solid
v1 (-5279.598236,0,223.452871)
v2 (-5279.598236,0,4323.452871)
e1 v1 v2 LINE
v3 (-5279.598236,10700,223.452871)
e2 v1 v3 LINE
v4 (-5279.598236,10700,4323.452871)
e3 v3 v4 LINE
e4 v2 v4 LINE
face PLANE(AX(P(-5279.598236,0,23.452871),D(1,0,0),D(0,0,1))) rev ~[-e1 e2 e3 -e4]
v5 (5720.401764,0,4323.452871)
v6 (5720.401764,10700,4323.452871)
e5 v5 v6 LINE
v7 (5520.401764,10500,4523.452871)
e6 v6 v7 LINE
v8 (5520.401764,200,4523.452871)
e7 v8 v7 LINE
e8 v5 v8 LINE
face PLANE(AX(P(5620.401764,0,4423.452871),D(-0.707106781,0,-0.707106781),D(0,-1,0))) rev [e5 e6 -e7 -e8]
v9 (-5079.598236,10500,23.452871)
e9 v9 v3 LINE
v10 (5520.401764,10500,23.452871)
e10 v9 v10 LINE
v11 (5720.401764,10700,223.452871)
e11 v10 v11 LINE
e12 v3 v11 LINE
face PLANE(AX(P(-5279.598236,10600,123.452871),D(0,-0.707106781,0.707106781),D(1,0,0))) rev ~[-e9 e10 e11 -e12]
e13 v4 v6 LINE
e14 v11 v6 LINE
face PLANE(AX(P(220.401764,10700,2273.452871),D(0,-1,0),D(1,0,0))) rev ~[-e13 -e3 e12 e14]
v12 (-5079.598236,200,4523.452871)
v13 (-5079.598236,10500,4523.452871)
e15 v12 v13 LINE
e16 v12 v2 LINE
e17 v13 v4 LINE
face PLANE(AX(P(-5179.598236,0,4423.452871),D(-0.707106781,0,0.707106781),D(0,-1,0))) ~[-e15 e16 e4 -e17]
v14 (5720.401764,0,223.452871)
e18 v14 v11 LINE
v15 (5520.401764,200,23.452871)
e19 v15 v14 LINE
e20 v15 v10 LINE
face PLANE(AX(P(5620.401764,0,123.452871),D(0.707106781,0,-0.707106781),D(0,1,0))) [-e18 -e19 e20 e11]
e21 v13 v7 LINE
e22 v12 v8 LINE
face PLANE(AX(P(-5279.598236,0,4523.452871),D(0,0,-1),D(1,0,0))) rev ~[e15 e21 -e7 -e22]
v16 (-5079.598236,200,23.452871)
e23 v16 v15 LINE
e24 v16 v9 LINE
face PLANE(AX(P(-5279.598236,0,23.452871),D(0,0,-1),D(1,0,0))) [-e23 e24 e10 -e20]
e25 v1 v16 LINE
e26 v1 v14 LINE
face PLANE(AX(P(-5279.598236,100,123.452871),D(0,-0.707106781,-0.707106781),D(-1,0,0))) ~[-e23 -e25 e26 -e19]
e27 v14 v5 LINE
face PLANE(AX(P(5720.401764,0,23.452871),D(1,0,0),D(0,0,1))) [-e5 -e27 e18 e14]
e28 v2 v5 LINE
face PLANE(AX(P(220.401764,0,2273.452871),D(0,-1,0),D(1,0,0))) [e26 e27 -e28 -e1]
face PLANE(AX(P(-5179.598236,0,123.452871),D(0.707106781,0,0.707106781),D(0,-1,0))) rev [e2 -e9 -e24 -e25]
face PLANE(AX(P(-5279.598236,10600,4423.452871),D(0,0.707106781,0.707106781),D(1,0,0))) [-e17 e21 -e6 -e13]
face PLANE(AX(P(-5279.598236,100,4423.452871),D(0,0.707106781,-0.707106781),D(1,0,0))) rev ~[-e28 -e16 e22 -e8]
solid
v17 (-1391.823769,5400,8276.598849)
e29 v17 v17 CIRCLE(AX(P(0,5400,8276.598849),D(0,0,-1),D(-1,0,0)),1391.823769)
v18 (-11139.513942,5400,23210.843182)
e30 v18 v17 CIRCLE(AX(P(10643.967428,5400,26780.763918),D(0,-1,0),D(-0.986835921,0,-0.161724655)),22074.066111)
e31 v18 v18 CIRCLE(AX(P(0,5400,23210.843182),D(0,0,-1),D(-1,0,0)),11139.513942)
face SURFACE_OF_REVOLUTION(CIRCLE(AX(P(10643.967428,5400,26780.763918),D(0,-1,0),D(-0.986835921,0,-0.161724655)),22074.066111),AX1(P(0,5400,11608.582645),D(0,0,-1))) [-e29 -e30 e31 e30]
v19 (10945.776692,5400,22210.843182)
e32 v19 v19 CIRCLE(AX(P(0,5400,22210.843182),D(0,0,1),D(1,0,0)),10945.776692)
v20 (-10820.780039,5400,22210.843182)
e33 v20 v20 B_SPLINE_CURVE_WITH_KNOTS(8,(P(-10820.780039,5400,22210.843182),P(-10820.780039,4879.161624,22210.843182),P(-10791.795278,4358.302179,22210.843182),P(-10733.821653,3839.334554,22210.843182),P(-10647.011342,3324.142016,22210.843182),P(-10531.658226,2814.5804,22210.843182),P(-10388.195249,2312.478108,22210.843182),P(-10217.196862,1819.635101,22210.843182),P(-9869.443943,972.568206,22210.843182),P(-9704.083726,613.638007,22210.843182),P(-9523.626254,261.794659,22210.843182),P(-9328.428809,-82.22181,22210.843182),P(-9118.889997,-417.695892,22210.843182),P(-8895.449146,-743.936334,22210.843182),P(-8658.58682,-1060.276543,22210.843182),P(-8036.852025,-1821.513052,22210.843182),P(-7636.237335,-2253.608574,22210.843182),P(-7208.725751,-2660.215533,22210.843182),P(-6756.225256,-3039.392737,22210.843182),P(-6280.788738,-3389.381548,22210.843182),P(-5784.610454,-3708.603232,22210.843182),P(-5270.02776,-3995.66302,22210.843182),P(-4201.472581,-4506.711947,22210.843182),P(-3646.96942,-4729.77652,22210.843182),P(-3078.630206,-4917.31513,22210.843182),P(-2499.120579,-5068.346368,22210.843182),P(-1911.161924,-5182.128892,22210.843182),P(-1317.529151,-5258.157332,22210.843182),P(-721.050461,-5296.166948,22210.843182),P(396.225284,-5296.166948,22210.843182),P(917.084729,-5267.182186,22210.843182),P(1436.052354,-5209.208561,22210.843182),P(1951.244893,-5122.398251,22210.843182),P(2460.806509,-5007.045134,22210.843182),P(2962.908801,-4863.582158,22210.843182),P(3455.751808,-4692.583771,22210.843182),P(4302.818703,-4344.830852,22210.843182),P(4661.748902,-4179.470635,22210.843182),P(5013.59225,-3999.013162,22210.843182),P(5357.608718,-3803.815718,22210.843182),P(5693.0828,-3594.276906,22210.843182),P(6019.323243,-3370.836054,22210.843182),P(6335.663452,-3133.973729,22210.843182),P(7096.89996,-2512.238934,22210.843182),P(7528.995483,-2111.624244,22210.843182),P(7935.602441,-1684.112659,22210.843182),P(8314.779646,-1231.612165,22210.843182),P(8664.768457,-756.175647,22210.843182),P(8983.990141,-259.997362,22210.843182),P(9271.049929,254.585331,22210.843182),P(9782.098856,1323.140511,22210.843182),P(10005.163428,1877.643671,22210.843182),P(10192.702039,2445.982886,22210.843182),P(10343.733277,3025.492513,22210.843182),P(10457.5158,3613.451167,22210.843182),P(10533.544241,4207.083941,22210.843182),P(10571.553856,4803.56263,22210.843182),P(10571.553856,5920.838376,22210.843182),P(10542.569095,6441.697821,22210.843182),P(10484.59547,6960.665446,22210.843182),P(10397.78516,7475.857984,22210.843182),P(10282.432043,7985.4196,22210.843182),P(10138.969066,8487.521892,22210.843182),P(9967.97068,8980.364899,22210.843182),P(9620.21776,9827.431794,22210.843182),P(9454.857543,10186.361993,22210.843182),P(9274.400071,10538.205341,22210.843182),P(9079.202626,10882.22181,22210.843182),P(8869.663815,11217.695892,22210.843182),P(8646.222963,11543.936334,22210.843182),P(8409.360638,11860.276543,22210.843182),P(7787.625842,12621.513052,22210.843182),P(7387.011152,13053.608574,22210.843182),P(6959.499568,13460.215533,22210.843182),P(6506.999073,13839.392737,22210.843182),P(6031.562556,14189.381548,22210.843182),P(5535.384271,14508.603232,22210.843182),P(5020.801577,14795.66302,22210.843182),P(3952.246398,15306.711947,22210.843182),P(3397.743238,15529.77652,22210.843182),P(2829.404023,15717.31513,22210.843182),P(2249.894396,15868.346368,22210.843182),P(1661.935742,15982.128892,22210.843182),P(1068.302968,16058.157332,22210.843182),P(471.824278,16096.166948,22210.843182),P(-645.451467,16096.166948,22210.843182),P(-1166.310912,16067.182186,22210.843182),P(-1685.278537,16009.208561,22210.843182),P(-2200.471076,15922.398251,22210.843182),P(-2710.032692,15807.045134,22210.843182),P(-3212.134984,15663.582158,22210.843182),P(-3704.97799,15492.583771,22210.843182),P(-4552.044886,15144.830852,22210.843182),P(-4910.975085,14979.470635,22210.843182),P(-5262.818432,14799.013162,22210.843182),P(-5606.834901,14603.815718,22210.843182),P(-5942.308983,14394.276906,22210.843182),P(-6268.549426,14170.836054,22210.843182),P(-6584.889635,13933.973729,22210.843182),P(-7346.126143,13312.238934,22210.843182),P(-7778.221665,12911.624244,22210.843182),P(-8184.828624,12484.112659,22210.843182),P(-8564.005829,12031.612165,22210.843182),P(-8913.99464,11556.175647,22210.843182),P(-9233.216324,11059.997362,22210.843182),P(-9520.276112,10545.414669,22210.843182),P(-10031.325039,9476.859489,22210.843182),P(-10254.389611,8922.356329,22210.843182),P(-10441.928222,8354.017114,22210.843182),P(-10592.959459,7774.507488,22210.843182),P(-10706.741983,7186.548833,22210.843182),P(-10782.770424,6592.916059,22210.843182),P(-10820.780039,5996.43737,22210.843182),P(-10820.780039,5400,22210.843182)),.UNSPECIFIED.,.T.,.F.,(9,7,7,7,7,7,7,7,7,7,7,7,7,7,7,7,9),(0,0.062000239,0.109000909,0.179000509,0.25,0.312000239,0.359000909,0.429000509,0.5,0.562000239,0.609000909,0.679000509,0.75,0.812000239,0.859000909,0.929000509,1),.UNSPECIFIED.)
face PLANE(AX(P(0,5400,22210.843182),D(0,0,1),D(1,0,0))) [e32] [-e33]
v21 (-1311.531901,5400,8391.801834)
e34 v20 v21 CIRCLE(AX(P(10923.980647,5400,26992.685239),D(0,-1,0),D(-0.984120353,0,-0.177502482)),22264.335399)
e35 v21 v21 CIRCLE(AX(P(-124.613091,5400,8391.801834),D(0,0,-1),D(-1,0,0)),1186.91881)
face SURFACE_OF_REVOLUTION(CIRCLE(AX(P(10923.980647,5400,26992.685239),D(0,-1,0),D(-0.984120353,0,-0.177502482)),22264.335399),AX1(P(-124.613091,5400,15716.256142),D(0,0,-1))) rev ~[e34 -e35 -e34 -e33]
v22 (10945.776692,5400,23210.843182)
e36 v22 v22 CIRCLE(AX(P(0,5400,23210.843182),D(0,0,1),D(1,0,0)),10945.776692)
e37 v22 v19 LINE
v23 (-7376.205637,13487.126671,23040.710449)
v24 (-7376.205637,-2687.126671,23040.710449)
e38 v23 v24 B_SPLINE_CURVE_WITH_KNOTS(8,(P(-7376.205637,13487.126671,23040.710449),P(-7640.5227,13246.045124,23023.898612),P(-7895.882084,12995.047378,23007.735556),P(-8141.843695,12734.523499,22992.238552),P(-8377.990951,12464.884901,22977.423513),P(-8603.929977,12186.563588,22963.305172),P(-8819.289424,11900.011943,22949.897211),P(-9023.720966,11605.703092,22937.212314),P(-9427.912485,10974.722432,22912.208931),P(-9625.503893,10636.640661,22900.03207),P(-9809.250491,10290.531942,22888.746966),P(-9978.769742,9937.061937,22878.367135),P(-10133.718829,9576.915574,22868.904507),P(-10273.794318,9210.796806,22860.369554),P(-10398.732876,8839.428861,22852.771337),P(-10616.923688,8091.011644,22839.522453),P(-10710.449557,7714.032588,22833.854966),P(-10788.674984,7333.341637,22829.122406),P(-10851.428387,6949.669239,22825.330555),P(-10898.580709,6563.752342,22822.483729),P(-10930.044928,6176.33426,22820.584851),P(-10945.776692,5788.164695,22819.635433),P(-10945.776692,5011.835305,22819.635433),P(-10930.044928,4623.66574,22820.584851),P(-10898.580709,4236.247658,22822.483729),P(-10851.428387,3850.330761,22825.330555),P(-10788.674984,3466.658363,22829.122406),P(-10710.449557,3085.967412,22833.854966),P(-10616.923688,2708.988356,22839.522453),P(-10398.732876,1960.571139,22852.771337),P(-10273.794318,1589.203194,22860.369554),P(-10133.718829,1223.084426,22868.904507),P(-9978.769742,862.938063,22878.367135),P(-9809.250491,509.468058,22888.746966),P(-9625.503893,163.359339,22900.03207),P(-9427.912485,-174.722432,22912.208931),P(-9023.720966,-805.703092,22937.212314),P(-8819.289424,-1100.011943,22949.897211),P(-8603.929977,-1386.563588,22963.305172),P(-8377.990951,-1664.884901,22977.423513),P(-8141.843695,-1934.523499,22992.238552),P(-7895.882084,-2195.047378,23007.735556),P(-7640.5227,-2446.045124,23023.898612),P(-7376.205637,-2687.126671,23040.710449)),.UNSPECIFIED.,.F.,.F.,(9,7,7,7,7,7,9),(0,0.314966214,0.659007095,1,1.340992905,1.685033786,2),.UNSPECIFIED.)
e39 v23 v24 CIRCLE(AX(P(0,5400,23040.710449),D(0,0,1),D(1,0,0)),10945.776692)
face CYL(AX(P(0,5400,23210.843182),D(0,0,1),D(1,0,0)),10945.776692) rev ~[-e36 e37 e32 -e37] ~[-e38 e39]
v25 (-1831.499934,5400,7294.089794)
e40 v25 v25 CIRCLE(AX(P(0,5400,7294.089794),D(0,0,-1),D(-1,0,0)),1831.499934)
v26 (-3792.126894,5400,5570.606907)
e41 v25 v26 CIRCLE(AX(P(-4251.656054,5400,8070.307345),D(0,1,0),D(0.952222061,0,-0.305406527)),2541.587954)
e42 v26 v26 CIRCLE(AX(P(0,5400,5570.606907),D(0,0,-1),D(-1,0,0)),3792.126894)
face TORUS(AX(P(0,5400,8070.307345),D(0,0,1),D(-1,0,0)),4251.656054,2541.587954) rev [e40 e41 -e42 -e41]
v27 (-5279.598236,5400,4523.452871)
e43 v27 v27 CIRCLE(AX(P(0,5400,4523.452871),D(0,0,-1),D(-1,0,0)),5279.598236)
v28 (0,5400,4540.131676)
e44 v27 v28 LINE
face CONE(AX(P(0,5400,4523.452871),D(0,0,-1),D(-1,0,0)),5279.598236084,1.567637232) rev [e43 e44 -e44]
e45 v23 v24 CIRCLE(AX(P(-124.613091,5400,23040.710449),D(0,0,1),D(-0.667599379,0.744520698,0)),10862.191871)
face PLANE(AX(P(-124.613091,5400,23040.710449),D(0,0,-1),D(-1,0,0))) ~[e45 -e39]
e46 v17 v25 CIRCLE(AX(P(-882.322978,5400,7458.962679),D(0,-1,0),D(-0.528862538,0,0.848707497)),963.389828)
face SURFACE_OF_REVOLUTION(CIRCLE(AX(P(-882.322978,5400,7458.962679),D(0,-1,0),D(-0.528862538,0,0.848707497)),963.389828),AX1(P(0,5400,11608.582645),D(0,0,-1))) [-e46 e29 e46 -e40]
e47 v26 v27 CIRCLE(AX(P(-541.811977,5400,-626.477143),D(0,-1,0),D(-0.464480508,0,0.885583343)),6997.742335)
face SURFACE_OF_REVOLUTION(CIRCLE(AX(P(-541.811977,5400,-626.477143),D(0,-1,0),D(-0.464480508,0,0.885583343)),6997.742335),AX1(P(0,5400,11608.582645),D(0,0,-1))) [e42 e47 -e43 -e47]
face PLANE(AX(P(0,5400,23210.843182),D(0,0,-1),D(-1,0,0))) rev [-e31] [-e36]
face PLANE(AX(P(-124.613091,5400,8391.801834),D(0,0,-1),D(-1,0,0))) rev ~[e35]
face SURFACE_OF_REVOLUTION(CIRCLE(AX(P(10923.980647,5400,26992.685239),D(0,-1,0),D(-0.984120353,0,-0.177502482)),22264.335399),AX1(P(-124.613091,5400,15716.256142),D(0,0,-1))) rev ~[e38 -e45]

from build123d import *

# Parameters (mm, degrees)
F0_W     = 11000
F0_H     = 4500
F1_DEPTH = 10700
F7_R     = 10945.7766919198
F8_DEPTH = 1000
F9_SIZE  = 200
F10_SIZE = 200


with BuildPart() as f1:
    # F0 (on Front) → F1 (new body)
    with BuildSketch(Plane.XZ):
        with Locations((220.401763916, 2273.4528705478)):
            Rectangle(F0_W, F0_H)
    extrude(amount=-F1_DEPTH)

    # F9
    f9_edges = [f1.edges().sort_by_distance(p)[0] for p in [
        (5720.401764, 5350, 4523.452871),
        (220.401764, 0, 4523.452871),
        (220.401764, 10700, 4523.452871),
        (-5279.598236, 5350, 4523.452871),
    ]]
    chamfer(f9_edges, length=F9_SIZE)

    # F10
    f10_edges = [f1.edges().sort_by_distance(p)[0] for p in [
        (5720.401764, 5350, 23.452871),
        (220.401764, 10700, 23.452871),
        (-5279.598236, 5350, 23.452871),
        (220.401764, 0, 23.452871),
    ]]
    chamfer(f10_edges, length=F10_SIZE)


with BuildPart() as f4:
    # F3 (on offset) → F4 (revolve)
    with BuildSketch(Plane.XZ.offset(-5400)):
        with BuildLine():
            Line((0, 23210.8431816101), (-11139.5139415628, 23210.8431816101))
            ThreePointArc((-11139.5139415628, 23210.8431816101), (-7840.9916650951, 14715.4963302233), (-1391.8237686157, 8276.5988487641))
            ThreePointArc((-1391.8237686157, 8276.5988487641), (-695.9118843079, 8189.8528057998), (0, 8276.5988487641))
            Line((0, 8276.5988487641), (0, 23210.8431816101))
        make_face()
        with BuildLine():
            ThreePointArc((0, 8276.5988487641), (-695.9118843079, 8189.8528057998), (-1391.8237686157, 8276.5988487641))
            ThreePointArc((-1391.8237686157, 8276.5988487641), (-1761.6785391899, 7852.4773028307), (-1831.4999341965, 7294.0897941589))
            ThreePointArc((-1831.4999341965, 7294.0897941589), (-2573.6378349626, 6161.4008029566), (-3792.1268939972, 5570.6069069509))
            ThreePointArc((-3792.1268939972, 5570.6069069509), (-4570.0340406157, 5095.5701119331), (-5279.598236084, 4523.4528705478))
            Line((-5279.598236084, 4523.4528705478), (0, 4540.1316756694))
            Line((0, 4540.1316756695), (0, 8276.5988487641))
        make_face()
    revolve(axis=Axis((0, 5400, 11608.5826453753), (0, 0, -1)))

    # F5 (on offset) → F6 (revolve, cut)
    with BuildSketch(Plane.XZ.offset(-5400)):
        with BuildLine():
            Line((-1311.5319013596, 8391.8018341064), (-124.6130913496, 8391.8018341064))
            Line((-124.6130913496, 8391.8018341064), (-124.6130913496, 23040.7104492188))
            Line((-124.6130913496, 23040.7104492188), (-10986.8049621582, 23040.7104492188))
            ThreePointArc((-10986.8049621582, 23040.7104492187), (-7653.9646206582, 14722.3722687418), (-1311.5319013596, 8391.8018341064))
        make_face()
    revolve(axis=Axis((-124.6130913496, 5400, 15716.2561416626), (0, 0, -1)), mode=Mode.SUBTRACT)

    # F7 (on face) → F8 (cut)
    with BuildSketch(Plane.XY.offset(23210.8431816101)):
        with Locations((0, 5400)):
            Circle(F7_R)
    extrude(amount=-F8_DEPTH, mode=Mode.SUBTRACT)


solid = Compound([f1.part, f4.part])
